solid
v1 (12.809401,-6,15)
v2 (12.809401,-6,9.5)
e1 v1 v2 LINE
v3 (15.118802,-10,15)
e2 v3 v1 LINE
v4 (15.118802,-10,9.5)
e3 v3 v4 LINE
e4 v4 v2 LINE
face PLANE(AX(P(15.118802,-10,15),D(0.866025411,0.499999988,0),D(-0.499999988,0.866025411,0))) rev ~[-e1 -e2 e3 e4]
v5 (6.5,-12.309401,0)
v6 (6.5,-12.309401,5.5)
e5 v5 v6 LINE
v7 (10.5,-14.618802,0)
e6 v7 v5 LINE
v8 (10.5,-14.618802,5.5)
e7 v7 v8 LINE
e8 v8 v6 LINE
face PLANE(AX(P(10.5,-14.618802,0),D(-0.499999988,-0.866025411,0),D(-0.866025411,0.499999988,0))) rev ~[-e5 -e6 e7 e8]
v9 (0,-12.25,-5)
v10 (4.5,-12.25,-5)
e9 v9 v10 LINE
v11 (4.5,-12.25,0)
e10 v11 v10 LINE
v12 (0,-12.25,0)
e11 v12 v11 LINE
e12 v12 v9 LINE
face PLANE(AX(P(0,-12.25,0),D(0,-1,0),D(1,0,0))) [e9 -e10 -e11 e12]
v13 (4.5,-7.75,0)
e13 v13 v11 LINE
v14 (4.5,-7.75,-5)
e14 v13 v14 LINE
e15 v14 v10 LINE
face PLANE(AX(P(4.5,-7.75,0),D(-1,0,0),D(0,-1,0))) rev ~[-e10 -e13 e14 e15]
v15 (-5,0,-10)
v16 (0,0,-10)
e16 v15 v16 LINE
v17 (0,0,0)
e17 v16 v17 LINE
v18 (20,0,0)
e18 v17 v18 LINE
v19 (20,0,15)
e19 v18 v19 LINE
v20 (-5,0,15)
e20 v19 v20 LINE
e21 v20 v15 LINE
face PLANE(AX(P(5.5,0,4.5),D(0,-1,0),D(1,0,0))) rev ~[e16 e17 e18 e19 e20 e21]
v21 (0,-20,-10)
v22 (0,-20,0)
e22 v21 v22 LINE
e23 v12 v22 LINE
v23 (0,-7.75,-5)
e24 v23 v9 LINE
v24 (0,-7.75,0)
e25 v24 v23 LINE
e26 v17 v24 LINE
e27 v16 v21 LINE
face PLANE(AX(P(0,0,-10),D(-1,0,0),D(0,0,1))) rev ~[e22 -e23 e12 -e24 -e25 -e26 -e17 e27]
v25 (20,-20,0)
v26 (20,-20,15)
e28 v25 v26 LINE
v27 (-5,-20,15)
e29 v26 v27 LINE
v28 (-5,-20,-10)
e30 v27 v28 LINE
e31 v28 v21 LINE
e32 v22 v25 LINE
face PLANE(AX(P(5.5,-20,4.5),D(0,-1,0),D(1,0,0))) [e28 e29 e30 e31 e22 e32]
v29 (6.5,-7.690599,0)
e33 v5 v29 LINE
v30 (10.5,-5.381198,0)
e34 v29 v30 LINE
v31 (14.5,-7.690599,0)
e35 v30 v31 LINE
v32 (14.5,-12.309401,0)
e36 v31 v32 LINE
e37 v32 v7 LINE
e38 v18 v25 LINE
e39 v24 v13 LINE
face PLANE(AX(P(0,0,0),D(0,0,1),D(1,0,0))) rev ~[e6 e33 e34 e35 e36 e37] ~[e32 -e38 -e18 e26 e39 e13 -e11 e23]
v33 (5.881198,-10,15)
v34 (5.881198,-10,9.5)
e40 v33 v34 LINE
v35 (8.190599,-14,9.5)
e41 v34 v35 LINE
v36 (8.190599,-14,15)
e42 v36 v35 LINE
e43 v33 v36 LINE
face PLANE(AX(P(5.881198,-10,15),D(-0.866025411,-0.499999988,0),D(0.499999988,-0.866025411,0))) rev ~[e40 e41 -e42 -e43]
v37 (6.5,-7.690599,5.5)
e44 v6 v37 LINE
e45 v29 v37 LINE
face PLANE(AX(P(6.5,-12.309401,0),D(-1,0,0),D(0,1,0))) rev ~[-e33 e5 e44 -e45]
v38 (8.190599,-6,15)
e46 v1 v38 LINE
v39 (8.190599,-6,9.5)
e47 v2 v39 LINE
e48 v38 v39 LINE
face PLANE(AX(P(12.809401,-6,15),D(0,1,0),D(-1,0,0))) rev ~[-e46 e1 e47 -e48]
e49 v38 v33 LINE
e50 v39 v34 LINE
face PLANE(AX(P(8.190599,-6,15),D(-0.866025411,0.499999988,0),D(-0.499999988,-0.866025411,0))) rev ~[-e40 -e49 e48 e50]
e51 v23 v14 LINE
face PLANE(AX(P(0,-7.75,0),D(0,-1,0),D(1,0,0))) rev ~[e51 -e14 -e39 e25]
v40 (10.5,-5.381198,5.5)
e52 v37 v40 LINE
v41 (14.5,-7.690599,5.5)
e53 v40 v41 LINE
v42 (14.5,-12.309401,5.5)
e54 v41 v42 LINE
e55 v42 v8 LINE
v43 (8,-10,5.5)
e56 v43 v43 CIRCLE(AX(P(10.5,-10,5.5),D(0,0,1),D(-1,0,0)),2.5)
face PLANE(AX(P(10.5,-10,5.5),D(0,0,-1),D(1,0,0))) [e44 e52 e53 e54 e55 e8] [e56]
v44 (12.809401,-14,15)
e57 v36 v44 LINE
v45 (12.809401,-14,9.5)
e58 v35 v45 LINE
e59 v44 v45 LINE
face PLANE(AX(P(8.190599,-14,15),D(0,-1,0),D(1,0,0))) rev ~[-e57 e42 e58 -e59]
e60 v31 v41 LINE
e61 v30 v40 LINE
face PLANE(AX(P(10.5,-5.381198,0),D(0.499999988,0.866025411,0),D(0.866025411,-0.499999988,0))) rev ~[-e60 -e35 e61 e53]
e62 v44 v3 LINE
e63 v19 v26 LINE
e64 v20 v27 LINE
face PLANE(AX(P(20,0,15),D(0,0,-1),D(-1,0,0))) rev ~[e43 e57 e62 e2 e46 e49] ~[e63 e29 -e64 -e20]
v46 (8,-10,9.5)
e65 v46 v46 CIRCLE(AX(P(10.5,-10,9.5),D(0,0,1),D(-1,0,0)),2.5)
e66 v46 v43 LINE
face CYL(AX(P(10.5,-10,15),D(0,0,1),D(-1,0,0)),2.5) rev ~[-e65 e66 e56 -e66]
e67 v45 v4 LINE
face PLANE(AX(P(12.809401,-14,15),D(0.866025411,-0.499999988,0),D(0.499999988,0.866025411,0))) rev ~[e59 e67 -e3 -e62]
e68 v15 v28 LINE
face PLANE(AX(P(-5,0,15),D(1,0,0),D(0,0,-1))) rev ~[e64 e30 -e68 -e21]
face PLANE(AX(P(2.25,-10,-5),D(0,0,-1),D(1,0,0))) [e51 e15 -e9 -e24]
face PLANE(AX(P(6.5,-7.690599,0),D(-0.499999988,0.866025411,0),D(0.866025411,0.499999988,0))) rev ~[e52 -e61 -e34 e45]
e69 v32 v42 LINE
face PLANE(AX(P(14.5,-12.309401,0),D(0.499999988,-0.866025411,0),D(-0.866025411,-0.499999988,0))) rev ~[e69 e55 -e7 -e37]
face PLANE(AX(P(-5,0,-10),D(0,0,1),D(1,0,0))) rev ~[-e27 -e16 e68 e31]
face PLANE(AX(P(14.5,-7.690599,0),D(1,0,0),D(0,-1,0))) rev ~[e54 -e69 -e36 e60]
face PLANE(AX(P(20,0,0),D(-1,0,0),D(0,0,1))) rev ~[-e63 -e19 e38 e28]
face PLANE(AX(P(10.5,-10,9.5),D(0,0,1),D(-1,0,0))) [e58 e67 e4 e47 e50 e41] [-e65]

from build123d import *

# Parameters (mm, degrees)
PAD_DEPTH       = 20
SKETCH001_R     = 2.5
POCKET_DEPTH    = 25.001
POCKET001_DEPTH = 5.5
POCKET002_DEPTH = 5.5
SKETCH004_W     = 4.5
SKETCH004_H     = 4.5
PAD001_DEPTH    = 5


with BuildPart() as part:
    # Sketch → Pad (new body)
    with BuildSketch(Plane.XZ):
        Polygon((0, 0), (20, 0), (20, 15), (-5, 15), (-5, -10), (0, -10), align=None)
    extrude(amount=PAD_DEPTH)

    # Sketch001 (on Face3 of Pad) → Pocket (cut, through all)
    with BuildSketch(Plane(origin=(0, 0, 15), x_dir=(-1, 0, 0), z_dir=(0, 0, 1))):
        with Locations((-10.5, 10)):
            Circle(SKETCH001_R)
    extrude(amount=-POCKET_DEPTH, mode=Mode.SUBTRACT)

    # Sketch002 (on Face8 of Pocket) → Pocket001 (cut)
    with BuildSketch(Plane(origin=(0, 0, 15), x_dir=(-1, 0, 0), z_dir=(0, 0, 1))):
        Polygon((-8.190599, 14), (-12.809401, 14), (-15.118802, 10), (-12.809401, 6), (-8.190599, 6), (-5.881198, 10), align=None)
    extrude(amount=-POCKET001_DEPTH, mode=Mode.SUBTRACT)

    # Sketch003 (on Face1 of Pocket001) → Pocket002 (cut)
    with BuildSketch(Plane(origin=(0, 0, 0), x_dir=(1, 0, 0), z_dir=(0, 0, -1))):
        Polygon((10.5, 14.618802), (6.5, 12.309401), (6.5, 7.690599), (10.5, 5.381198), (14.5, 7.690599), (14.5, 12.309401), align=None)
    extrude(amount=-POCKET002_DEPTH, mode=Mode.SUBTRACT)

    # Sketch004 (on Face1 of Pocket002) → Pad001 (join)
    with BuildSketch(Plane(origin=(0, 0, 0), x_dir=(1, 0, 0), z_dir=(0, 0, -1))):
        with Locations((2.25, 10)):
            Rectangle(SKETCH004_W, SKETCH004_H)
    extrude(amount=PAD001_DEPTH)


solid = part.part
